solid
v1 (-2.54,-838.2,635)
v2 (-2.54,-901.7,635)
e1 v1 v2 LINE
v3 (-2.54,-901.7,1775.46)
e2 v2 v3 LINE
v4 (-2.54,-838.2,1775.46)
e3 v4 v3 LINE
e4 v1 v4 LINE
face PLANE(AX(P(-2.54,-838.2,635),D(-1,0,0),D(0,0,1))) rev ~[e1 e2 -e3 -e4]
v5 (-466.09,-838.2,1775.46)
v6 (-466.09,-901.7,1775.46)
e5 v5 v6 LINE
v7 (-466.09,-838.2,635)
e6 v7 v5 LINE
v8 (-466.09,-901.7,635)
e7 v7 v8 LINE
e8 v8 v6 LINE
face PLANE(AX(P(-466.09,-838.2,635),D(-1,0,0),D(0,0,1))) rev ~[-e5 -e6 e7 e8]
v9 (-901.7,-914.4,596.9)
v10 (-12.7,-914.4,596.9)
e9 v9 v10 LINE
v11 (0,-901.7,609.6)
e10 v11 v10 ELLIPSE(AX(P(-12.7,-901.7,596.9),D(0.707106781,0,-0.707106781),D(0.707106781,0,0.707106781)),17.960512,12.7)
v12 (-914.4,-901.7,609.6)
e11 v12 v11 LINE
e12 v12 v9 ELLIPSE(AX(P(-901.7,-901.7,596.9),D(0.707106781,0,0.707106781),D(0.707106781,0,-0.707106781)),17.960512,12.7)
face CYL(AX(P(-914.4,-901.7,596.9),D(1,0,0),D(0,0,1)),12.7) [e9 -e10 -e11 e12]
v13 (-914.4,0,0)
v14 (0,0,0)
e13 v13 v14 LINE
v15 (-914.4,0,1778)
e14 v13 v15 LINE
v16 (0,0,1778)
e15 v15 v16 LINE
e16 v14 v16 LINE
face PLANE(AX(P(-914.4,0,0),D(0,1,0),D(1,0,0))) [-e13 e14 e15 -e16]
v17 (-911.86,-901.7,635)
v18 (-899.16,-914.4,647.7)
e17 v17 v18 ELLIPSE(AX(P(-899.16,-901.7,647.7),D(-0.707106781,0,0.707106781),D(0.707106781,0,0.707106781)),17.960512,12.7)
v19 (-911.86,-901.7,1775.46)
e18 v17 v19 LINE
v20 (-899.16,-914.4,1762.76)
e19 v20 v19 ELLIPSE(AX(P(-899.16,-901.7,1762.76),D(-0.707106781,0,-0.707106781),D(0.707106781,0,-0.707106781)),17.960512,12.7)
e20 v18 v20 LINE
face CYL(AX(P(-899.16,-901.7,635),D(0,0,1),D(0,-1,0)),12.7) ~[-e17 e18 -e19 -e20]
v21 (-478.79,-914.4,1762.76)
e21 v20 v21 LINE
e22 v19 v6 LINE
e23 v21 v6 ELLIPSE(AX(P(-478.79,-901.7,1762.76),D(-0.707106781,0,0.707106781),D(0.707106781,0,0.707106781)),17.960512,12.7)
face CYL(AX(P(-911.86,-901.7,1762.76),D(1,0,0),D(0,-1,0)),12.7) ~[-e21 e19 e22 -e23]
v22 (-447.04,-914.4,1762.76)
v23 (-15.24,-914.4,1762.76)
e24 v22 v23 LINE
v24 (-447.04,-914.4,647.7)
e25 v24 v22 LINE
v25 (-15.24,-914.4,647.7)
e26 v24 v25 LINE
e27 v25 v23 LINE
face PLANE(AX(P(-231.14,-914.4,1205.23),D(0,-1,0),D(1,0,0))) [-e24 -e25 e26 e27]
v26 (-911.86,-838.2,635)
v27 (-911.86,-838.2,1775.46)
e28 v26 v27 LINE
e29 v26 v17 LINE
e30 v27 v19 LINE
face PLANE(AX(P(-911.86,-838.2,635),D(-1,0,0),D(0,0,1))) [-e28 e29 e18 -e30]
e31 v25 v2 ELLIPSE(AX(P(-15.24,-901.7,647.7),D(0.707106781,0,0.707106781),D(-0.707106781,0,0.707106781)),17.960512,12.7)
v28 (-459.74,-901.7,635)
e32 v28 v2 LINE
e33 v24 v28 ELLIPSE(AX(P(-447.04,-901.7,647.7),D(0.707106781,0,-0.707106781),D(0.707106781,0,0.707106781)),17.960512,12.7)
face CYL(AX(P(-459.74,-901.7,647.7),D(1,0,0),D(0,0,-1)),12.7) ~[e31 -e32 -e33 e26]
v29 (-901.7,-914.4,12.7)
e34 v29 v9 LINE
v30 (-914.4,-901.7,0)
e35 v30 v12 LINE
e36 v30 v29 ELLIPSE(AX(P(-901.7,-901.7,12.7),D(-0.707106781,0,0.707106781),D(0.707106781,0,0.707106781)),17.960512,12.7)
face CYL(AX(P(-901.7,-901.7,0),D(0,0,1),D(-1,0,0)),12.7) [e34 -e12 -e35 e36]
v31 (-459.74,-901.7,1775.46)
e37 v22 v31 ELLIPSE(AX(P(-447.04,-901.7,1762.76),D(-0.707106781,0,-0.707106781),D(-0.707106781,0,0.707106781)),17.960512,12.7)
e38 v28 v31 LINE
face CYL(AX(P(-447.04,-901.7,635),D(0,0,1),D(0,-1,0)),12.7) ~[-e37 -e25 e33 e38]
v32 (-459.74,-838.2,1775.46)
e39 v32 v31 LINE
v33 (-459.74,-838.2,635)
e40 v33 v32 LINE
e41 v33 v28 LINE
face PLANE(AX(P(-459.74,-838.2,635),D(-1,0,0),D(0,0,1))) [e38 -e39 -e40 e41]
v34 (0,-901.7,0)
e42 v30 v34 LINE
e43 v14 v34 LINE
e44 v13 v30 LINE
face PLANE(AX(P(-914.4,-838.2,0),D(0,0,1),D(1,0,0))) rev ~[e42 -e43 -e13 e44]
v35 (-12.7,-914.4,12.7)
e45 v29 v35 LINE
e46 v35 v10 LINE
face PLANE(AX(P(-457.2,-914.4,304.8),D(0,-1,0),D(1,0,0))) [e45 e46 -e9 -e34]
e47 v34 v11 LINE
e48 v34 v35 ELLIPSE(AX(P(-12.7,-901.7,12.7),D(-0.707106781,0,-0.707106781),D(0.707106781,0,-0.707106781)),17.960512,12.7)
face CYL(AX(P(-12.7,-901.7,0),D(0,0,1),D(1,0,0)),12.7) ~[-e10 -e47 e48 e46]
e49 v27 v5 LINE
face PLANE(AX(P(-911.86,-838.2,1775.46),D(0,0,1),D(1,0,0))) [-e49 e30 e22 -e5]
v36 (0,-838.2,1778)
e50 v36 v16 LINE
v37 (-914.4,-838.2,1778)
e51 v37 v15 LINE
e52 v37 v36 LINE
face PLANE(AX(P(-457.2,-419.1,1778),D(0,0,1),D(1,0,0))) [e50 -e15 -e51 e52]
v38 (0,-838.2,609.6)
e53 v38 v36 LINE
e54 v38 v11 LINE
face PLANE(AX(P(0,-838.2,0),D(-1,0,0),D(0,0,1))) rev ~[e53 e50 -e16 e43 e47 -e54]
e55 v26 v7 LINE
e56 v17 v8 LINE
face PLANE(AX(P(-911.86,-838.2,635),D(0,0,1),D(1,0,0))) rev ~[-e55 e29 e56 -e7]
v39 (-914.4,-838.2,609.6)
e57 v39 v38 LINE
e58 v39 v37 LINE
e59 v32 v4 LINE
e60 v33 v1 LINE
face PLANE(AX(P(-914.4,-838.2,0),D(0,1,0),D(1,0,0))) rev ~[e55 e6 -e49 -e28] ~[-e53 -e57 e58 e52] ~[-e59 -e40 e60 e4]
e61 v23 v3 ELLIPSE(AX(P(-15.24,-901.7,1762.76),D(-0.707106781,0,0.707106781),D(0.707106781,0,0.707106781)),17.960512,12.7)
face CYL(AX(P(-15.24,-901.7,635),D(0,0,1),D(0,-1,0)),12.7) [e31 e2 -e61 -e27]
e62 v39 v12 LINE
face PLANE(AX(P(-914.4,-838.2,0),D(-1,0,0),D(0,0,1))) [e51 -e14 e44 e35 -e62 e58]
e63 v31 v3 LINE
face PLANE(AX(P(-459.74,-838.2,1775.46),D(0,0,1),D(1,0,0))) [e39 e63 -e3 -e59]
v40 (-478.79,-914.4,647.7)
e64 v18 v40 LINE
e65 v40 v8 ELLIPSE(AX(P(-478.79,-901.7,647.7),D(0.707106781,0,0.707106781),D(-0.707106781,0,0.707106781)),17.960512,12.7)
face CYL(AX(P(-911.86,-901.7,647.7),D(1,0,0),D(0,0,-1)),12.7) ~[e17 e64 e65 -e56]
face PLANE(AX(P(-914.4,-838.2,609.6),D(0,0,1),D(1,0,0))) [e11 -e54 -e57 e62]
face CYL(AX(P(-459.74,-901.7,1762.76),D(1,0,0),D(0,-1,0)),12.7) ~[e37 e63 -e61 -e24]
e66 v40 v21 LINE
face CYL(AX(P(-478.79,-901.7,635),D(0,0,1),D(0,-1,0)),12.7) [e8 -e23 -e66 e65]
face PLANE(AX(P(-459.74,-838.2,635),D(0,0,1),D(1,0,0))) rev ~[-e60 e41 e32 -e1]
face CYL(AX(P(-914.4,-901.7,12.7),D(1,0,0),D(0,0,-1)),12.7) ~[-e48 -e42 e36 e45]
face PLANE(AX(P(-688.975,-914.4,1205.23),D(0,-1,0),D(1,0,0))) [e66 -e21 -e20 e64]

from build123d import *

# Parameters (mm, degrees)
F0_W     = 914.4
F0_H     = 838.2
F1_DEPTH = 1778
F2_W     = 914.4
F2_H     = 609.6
F2_W_2   = 445.77
F2_H_2   = 1140.46
F2_W_3   = 457.2
F3_DEPTH = 76.2
F4_R     = 12.7


with BuildPart() as f1:
    # F0 (on Top) → F1 (new body)
    with BuildSketch(Plane.XY):
        with Locations((-457.2, -419.1)):
            Rectangle(F0_W, F0_H)
    extrude(amount=F1_DEPTH)

    # F2 (on face) → F3 (join)
    with BuildSketch(Plane.XZ.offset(838.2)):
        with Locations((-457.2, 304.8)):
            Rectangle(F2_W, F2_H)
        with Locations((-688.975, 1205.23)):
            Rectangle(F2_W_2, F2_H_2)
        with Locations((-231.14, 1205.23)):
            Rectangle(F2_W_3, F2_H_2)
    extrude(amount=F3_DEPTH)

    # F4
    f4_edges = [f1.edges().sort_by_distance(p)[0] for p in [
        (-688.975, -914.4, 1775.46),
        (-466.09, -914.4, 1205.23),
        (-459.74, -914.4, 1205.23),
        (-231.14, -914.4, 1775.46),
        (-2.54, -914.4, 1205.23),
        (-231.14, -914.4, 635),
        (-688.975, -914.4, 635),
        (-911.86, -914.4, 1205.23),
        (-457.2, -914.4, 609.6),
        (-914.4, -914.4, 304.8),
        (-457.2, -914.4, 0),
        (0, -914.4, 304.8),
    ]]
    fillet(f4_edges, radius=F4_R)


solid = f1.part
